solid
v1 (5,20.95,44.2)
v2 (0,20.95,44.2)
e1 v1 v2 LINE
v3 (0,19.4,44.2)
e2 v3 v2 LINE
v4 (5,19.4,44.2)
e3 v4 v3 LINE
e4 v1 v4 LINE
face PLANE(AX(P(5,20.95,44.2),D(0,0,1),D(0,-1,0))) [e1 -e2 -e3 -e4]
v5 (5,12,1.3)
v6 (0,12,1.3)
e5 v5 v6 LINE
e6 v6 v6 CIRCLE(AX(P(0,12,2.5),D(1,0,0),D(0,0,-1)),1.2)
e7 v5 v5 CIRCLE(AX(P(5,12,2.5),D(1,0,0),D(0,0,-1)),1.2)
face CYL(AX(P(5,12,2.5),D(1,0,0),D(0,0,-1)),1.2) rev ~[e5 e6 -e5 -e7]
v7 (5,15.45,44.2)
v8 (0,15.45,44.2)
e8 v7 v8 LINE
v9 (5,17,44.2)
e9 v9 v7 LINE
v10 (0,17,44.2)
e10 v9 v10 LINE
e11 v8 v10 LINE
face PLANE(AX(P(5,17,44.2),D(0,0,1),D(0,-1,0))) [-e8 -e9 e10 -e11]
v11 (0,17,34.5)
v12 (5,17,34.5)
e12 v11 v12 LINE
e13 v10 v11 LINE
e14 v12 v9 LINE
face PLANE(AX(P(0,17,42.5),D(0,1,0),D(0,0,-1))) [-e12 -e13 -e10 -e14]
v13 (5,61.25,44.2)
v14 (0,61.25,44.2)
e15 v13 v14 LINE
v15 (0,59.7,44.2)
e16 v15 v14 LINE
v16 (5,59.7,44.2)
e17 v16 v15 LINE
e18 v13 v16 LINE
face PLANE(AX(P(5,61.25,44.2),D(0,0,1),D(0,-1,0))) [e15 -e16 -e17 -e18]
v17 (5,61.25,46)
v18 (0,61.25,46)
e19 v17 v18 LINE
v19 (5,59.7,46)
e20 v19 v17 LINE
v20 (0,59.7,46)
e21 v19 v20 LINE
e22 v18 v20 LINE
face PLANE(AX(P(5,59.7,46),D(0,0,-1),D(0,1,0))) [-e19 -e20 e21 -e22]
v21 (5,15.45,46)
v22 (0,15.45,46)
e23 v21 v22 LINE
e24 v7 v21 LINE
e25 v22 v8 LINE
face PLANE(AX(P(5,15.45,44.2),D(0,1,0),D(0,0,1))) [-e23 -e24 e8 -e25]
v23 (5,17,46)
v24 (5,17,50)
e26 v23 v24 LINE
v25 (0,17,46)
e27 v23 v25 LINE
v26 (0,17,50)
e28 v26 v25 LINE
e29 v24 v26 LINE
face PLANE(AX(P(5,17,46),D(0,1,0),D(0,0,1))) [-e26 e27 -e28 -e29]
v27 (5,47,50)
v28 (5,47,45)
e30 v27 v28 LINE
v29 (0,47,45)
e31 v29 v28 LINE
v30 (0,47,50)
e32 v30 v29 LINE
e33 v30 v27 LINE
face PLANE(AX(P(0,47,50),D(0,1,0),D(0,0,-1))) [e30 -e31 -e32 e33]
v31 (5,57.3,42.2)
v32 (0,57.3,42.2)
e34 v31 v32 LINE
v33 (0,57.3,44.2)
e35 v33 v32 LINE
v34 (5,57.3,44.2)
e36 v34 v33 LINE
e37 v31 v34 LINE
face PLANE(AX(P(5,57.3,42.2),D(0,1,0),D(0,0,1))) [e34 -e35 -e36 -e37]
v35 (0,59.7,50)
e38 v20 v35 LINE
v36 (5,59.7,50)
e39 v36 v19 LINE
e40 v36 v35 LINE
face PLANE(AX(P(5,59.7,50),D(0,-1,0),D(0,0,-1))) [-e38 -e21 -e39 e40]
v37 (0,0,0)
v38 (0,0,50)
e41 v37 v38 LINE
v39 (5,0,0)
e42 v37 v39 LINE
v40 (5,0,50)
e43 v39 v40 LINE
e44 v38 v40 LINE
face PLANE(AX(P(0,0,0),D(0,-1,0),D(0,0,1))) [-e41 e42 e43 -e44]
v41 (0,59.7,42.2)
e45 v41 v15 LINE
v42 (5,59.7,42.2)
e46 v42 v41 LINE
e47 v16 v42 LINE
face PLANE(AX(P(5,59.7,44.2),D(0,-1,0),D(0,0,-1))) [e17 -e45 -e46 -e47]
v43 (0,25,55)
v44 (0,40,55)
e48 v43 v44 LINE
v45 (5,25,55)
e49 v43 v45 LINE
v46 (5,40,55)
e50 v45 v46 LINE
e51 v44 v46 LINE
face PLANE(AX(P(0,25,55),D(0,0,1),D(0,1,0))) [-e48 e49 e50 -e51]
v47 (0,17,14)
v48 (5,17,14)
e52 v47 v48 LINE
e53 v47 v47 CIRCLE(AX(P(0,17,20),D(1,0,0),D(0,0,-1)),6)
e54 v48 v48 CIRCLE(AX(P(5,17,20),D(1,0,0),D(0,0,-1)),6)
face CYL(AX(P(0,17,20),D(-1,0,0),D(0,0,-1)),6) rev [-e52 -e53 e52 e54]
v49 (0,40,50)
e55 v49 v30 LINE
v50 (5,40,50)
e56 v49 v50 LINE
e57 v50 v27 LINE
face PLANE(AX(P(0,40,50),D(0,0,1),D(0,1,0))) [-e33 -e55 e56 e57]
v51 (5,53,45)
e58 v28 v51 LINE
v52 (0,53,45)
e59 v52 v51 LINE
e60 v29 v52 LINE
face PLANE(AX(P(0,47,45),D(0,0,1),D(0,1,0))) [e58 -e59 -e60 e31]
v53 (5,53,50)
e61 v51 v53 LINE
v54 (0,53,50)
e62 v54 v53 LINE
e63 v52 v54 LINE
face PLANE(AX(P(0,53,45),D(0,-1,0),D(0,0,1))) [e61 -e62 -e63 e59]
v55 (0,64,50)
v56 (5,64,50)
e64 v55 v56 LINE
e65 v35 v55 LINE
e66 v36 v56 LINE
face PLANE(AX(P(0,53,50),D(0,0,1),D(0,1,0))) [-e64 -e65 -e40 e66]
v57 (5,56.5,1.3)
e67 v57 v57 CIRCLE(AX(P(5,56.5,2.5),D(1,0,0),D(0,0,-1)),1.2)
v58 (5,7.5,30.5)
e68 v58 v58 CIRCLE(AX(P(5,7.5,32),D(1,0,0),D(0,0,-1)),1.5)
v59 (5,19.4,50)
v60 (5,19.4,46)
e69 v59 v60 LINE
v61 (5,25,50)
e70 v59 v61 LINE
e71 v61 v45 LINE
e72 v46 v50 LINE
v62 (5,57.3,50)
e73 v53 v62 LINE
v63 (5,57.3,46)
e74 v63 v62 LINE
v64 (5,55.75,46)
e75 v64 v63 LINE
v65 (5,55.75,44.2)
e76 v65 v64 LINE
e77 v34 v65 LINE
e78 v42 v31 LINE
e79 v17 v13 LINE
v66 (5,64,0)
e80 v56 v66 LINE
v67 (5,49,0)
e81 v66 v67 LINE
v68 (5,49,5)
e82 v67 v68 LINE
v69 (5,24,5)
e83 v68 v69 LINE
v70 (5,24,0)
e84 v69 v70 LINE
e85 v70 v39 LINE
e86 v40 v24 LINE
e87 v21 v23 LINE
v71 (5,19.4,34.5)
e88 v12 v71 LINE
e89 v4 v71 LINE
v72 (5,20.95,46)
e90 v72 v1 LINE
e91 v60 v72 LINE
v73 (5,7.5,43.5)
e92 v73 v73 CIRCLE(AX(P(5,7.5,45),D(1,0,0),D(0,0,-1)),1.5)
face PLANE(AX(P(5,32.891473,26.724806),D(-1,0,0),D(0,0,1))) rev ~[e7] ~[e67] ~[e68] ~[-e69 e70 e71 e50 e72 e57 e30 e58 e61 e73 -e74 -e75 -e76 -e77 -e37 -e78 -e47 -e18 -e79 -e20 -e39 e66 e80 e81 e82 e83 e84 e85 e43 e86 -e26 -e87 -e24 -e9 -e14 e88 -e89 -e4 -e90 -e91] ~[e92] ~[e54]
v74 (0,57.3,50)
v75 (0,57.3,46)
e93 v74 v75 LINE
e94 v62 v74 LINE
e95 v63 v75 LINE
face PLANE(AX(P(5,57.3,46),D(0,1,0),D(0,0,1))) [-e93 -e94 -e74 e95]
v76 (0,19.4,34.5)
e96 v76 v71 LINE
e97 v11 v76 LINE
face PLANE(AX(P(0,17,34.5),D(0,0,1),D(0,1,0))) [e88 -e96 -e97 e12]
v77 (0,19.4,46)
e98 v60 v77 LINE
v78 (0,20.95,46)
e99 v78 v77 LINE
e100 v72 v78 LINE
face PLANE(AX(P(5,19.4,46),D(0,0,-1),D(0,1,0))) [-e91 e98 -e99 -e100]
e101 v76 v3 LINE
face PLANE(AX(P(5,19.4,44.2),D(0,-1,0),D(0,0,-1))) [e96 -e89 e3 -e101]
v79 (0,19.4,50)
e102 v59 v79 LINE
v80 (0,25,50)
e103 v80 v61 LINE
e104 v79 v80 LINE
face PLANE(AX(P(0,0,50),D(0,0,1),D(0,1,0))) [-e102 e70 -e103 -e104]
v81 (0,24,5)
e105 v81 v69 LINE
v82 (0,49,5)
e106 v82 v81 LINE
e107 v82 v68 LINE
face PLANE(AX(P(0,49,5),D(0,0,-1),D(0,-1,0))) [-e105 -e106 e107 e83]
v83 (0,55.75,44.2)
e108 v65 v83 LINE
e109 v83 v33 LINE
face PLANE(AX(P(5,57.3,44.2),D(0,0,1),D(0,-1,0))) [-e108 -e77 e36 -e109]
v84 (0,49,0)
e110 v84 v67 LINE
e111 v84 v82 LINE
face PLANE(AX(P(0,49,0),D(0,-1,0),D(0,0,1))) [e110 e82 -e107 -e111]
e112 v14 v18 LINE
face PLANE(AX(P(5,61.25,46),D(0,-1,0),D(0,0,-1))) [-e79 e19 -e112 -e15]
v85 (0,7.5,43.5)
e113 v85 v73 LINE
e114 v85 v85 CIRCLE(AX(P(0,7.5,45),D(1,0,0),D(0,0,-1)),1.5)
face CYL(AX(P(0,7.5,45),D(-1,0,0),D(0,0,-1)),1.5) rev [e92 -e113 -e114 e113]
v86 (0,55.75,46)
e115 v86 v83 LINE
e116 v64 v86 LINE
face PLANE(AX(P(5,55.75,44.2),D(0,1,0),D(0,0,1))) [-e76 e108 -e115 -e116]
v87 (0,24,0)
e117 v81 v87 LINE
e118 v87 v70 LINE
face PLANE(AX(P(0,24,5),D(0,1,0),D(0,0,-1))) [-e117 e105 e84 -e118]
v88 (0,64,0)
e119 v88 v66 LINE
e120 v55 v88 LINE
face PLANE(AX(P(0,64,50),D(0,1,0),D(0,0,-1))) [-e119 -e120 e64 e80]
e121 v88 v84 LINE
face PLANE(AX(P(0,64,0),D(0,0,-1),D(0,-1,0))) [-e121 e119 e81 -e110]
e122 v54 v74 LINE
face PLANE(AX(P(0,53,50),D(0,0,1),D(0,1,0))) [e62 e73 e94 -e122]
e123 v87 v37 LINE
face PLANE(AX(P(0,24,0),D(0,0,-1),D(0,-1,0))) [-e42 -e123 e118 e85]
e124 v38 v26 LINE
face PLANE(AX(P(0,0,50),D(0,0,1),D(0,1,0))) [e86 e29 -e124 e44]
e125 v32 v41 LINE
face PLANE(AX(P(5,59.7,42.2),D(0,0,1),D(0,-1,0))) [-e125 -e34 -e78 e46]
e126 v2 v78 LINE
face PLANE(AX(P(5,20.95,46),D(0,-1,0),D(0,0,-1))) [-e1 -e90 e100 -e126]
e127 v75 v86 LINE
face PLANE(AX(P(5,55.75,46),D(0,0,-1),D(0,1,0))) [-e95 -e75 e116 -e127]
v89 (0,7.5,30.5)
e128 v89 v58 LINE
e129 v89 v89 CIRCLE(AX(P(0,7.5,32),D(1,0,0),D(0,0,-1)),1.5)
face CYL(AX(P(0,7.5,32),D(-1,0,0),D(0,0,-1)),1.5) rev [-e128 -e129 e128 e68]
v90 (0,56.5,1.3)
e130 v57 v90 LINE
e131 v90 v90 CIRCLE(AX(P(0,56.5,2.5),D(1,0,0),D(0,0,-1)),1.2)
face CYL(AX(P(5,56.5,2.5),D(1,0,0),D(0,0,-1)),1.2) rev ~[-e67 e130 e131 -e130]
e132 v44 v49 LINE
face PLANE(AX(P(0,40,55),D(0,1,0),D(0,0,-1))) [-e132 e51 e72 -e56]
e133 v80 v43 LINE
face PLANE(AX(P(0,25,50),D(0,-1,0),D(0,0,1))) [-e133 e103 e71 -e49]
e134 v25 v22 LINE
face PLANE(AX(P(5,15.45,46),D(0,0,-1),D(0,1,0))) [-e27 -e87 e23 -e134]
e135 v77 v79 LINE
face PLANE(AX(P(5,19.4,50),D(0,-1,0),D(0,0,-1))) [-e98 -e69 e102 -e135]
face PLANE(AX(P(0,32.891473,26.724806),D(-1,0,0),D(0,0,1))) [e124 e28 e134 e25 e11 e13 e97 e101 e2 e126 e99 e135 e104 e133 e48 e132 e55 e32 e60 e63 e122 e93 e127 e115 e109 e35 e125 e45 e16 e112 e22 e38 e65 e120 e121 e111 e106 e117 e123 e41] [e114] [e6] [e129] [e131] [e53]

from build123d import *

# Parameters (mm, degrees)
SKETCH1_R           = 6
SKETCH1_R_2         = 1.5
SKETCH1_W           = 8
SKETCH1_H           = 2.4
BOSS_EXTRUDE1_DEPTH = 5
SKETCH2_R           = 1.2
CUT_EXTRUDE1_DEPTH  = 6


with BuildPart() as part:
    # Sketch1 → Boss-Extrude1 (new body)
    with BuildSketch(Plane(origin=(0, 0, 0), x_dir=(0, 0, -1), z_dir=(1, 0, 0))):
        Polygon((0, 0), (-50, 0), (-50, 25), (-55, 25), (-55, 40), (-50, 40), (-50, 47), (-45, 47), (-45, 53), (-50, 53), (-50, 64), (0, 64), (0, 49), (-5, 49), (-5, 24), (0, 24), align=None)
        with Locations((-20, 17)):
            Circle(SKETCH1_R, mode=Mode.SUBTRACT)
        with Locations((-45, 7.5)):
            Circle(SKETCH1_R_2, mode=Mode.SUBTRACT)
        with Locations((-32, 7.5)):
            Circle(SKETCH1_R_2, mode=Mode.SUBTRACT)
        with Locations((-38.5, 18.2)):
            Rectangle(SKETCH1_W, SKETCH1_H, mode=Mode.SUBTRACT)
    extrude(amount=BOSS_EXTRUDE1_DEPTH)

    # Sketch2 → Cut-Extrude1 (cut, through all)
    with BuildSketch(Plane(origin=(5, 0, 0), x_dir=(0, 0, -1), z_dir=(1, 0, 0))):
        with Locations((-2.5, 56.5)):
            Circle(SKETCH2_R)
        with Locations((-2.5, 12)):
            Circle(SKETCH2_R)
        Polygon((-50, 59.7), (-46, 59.7), (-46, 61.25), (-44.2, 61.25), (-44.2, 59.7), (-42.2, 59.7), (-42.2, 57.3), (-44.2, 57.3), (-44.2, 55.75), (-46, 55.75), (-46, 57.3), (-50, 57.3), align=None)
        Polygon((-44.2, 19.4), (-42.2, 19.4), (-42.2, 17), (-44.2, 17), (-44.2, 15.45), (-46, 15.45), (-46, 17), (-50, 17), (-50, 19.4), (-46, 19.4), (-46, 20.95), (-44.2, 20.95), align=None)
    extrude(amount=-CUT_EXTRUDE1_DEPTH, mode=Mode.SUBTRACT)


solid = part.part
